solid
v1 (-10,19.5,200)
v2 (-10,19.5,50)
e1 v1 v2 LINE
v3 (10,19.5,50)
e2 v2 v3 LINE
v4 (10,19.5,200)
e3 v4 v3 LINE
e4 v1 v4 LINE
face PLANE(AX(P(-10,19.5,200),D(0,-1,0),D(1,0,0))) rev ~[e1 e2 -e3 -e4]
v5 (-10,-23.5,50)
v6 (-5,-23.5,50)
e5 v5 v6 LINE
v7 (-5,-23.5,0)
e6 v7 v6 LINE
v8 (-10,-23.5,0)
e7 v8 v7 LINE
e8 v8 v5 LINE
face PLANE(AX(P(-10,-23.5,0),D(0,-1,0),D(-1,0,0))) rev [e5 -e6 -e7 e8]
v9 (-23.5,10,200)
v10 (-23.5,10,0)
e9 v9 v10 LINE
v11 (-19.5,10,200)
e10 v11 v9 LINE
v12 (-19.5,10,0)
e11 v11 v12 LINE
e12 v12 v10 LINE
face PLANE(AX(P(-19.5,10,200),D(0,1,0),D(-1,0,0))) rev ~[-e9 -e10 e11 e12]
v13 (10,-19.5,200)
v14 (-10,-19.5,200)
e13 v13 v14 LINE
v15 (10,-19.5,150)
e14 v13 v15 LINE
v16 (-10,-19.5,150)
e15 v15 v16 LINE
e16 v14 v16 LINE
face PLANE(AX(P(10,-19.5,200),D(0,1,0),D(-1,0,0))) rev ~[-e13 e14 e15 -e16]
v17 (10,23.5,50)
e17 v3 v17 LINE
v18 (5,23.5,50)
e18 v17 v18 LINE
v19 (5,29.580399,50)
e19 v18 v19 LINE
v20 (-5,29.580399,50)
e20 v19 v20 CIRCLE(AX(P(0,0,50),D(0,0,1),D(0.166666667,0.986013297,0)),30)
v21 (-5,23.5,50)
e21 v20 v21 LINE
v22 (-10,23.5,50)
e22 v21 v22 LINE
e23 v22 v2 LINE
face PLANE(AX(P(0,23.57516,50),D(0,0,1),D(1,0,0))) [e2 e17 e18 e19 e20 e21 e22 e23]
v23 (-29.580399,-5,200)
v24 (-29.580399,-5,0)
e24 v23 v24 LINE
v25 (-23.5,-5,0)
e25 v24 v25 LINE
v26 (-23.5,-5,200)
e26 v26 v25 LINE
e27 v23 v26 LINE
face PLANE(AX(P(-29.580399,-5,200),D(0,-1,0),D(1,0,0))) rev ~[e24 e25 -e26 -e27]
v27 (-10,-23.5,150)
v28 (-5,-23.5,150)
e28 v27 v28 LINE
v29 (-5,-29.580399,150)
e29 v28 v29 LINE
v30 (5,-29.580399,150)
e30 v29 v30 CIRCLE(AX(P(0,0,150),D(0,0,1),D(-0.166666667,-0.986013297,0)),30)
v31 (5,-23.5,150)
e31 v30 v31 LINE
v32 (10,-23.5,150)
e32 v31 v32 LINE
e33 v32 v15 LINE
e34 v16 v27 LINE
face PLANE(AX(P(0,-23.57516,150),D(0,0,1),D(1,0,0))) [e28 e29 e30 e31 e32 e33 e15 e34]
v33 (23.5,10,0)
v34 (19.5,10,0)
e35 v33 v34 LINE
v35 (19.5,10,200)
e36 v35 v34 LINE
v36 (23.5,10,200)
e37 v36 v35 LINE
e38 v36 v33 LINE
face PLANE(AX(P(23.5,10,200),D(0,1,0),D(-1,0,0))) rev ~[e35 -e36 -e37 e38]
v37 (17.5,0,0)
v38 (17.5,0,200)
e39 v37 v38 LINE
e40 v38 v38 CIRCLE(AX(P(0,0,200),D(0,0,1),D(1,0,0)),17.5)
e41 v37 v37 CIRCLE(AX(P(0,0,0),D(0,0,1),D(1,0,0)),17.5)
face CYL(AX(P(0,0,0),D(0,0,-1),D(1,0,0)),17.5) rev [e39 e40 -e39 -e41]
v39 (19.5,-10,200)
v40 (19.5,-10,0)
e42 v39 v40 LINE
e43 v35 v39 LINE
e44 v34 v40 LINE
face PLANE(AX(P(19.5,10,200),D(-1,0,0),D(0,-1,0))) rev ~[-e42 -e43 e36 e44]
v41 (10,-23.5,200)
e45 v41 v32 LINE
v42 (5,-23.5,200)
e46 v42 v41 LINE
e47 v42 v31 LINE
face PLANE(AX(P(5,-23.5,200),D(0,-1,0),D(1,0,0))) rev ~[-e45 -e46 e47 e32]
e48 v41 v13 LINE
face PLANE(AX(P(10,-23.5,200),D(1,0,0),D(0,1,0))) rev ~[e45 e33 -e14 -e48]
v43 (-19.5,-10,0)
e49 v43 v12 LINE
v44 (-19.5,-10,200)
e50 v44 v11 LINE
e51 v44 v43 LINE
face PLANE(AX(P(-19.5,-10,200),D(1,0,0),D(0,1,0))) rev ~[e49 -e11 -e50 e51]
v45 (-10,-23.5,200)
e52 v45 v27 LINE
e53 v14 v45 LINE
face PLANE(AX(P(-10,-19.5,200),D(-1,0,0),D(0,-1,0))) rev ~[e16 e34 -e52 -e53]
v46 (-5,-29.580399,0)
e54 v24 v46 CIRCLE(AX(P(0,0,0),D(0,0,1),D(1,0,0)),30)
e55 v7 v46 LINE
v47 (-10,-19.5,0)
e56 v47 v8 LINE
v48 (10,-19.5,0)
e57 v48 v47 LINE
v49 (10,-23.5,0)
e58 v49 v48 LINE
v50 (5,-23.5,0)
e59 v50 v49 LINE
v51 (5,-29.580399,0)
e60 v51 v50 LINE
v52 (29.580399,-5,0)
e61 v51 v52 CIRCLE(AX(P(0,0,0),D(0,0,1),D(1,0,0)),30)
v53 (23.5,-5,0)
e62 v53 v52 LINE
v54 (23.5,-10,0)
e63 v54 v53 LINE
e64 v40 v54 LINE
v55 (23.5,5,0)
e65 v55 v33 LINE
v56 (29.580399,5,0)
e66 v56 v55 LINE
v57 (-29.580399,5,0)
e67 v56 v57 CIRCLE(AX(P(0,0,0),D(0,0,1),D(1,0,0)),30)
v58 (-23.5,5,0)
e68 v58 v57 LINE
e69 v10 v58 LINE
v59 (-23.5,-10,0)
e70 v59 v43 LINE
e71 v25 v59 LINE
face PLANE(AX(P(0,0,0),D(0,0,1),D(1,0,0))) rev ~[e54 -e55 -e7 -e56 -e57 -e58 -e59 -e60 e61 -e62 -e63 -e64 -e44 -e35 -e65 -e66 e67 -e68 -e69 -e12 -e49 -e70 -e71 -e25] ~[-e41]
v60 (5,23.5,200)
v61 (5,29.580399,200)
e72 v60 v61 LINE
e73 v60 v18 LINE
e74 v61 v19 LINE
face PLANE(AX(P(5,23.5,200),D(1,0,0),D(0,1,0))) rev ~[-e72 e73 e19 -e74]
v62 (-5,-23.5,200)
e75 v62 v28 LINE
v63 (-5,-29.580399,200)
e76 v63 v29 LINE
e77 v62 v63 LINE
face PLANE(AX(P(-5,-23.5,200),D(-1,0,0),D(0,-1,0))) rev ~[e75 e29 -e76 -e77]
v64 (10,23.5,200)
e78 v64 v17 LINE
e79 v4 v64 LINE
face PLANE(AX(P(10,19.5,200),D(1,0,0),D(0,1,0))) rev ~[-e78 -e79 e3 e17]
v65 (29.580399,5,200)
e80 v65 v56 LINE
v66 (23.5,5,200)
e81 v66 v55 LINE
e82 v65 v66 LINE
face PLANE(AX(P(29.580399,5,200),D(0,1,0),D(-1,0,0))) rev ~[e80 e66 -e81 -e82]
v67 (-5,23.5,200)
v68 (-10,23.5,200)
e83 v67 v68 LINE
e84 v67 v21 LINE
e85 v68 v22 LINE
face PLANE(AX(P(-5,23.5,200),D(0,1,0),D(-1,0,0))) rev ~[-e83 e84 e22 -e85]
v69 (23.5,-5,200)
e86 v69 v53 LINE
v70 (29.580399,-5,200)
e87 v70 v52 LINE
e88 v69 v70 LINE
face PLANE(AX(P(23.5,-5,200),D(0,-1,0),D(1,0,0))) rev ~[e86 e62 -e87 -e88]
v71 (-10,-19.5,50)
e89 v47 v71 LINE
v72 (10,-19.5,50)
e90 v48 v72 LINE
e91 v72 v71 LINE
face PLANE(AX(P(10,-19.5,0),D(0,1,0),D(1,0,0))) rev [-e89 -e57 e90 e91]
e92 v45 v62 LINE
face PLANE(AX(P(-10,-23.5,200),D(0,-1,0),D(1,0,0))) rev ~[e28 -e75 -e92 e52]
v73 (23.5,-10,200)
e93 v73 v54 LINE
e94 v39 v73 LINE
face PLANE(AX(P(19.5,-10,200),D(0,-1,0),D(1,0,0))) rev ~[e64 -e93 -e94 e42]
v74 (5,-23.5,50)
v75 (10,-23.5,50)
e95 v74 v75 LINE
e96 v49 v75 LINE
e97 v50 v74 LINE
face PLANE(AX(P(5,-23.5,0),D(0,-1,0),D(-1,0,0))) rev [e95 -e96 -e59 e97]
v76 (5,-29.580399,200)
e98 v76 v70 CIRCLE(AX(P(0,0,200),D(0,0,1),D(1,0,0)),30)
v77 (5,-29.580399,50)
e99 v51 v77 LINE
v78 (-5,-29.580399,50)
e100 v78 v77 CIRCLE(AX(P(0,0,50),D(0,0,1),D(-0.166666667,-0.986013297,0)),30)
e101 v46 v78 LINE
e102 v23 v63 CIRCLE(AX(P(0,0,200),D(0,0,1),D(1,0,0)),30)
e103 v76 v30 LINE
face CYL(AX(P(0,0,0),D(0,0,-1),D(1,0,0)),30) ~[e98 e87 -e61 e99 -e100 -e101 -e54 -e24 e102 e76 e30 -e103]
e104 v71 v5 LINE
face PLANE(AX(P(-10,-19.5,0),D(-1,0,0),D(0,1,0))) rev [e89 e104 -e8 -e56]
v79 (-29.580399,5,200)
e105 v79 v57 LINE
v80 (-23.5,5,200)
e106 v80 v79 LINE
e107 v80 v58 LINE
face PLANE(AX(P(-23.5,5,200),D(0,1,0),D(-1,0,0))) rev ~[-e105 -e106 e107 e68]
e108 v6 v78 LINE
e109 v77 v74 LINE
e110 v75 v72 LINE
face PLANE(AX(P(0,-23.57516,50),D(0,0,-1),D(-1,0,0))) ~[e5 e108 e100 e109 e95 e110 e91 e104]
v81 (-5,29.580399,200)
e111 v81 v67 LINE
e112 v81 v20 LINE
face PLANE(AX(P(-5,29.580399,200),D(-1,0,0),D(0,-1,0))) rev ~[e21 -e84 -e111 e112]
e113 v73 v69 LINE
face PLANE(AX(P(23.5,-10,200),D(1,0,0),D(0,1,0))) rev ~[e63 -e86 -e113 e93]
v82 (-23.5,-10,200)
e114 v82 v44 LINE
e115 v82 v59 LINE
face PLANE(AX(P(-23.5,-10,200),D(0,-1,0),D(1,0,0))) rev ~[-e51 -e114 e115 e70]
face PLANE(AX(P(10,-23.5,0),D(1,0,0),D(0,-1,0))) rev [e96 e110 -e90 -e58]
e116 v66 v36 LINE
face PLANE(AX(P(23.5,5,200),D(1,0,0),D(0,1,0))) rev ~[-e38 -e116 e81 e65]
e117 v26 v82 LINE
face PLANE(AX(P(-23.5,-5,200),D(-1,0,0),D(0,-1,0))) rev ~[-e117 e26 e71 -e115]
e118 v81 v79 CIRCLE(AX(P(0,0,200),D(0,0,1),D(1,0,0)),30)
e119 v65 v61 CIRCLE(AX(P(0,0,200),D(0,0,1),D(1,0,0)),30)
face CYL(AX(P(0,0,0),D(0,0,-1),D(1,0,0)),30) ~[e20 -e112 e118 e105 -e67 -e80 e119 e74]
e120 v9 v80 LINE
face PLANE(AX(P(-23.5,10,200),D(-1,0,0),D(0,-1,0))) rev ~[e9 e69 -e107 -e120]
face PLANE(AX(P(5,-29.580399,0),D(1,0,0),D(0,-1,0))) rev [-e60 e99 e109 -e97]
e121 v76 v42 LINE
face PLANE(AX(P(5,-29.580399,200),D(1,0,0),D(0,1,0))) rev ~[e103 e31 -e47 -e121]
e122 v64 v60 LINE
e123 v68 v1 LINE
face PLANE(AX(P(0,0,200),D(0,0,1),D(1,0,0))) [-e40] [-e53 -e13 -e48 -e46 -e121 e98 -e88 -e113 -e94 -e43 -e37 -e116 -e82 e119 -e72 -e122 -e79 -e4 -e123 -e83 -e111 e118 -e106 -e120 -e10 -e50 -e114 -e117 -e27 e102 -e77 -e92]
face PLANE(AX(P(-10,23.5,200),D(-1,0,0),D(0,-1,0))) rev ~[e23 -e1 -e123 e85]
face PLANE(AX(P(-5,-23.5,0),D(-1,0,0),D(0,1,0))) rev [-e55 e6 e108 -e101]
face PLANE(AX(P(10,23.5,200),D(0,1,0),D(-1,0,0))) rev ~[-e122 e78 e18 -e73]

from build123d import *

# Parameters (mm, degrees)
SKETCH1_R           = 30
SKETCH1_R_2         = 17.5
BOSS_EXTRUDE1_DEPTH = 200
CUT_EXTRUDE1_START  = -150
CUT_EXTRUDE1_DEPTH  = 150
CUT_EXTRUDE2_START  = -50
CUT_EXTRUDE2_DEPTH  = 50
CUT_EXTRUDE3_DEPTH  = 205.450483003


with BuildPart() as part:
    # Sketch1 → Boss-Extrude1 (new body)
    with BuildSketch(Plane.XY):
        Circle(SKETCH1_R)
        Circle(SKETCH1_R_2, mode=Mode.SUBTRACT)
    extrude(amount=BOSS_EXTRUDE1_DEPTH)

    # Sketch2 → Cut-Extrude1 (cut)
    with BuildSketch(Plane.XY.offset(200).offset(CUT_EXTRUDE1_START)):
        with BuildLine():
            Line((-10, 23.5), (-10, 19.5))
            Line((-10, 19.5), (10, 19.5))
            Line((10, 19.5), (10, 23.5))
            Line((10, 23.5), (5, 23.5))
            Line((5, 23.5), (5, 29.580398915))
            ThreePointArc((5, 29.580398915), (0, 30), (-5, 29.580398915))
            Line((-5, 29.580398915), (-5, 23.5))
            Line((-5, 23.5), (-10, 23.5))
        make_face()
    extrude(amount=CUT_EXTRUDE1_DEPTH, mode=Mode.SUBTRACT)

    # Sketch2<3> → Cut-Extrude2 (cut)
    with BuildSketch(Plane.XY.offset(200).offset(CUT_EXTRUDE2_START)):
        with BuildLine():
            Line((-5, -23.5), (-5, -29.580398915))
            ThreePointArc((-5, -29.580398915), (0, -30), (5, -29.580398915))
            Line((5, -29.580398915), (5, -23.5))
            Line((5, -23.5), (10, -23.5))
            Line((10, -23.5), (10, -19.5))
            Line((10, -19.5), (-10, -19.5))
            Line((-10, -19.5), (-10, -23.5))
            Line((-10, -23.5), (-5, -23.5))
        make_face()
    cut_extrude2 = extrude(amount=CUT_EXTRUDE2_DEPTH, mode=Mode.SUBTRACT)

    # Mirror1: Cut-Extrude2 across plane
    add(cut_extrude2.mirror(Plane.XY.offset(100)), mode=Mode.SUBTRACT)

    # Sketch2<5> → Cut-Extrude3 (cut, through all)
    with BuildSketch(Plane.XY.offset(200)):
        with BuildLine():
            Line((-23.5, 5), (-29.580398915, 5))
            ThreePointArc((-29.580398915, 5), (-30, 0), (-29.580398915, -5))
            Line((-29.580398915, -5), (-23.5, -5))
            Line((-23.5, -5), (-23.5, -10))
            Line((-23.5, -10), (-19.5, -10))
            Line((-19.5, -10), (-19.5, 10))
            Line((-19.5, 10), (-23.5, 10))
            Line((-23.5, 10), (-23.5, 5))
        make_face()
        with BuildLine():
            ThreePointArc((29.580398915, -5), (30, 0), (29.580398915, 5))
            Line((29.580398915, 5), (23.5, 5))
            Line((23.5, 5), (23.5, 10))
            Line((23.5, 10), (19.5, 10))
            Line((19.5, 10), (19.5, -10))
            Line((19.5, -10), (23.5, -10))
            Line((23.5, -10), (23.5, -5))
            Line((23.5, -5), (29.580398915, -5))
        make_face()
    extrude(amount=-CUT_EXTRUDE3_DEPTH, mode=Mode.SUBTRACT)


solid = part.part
